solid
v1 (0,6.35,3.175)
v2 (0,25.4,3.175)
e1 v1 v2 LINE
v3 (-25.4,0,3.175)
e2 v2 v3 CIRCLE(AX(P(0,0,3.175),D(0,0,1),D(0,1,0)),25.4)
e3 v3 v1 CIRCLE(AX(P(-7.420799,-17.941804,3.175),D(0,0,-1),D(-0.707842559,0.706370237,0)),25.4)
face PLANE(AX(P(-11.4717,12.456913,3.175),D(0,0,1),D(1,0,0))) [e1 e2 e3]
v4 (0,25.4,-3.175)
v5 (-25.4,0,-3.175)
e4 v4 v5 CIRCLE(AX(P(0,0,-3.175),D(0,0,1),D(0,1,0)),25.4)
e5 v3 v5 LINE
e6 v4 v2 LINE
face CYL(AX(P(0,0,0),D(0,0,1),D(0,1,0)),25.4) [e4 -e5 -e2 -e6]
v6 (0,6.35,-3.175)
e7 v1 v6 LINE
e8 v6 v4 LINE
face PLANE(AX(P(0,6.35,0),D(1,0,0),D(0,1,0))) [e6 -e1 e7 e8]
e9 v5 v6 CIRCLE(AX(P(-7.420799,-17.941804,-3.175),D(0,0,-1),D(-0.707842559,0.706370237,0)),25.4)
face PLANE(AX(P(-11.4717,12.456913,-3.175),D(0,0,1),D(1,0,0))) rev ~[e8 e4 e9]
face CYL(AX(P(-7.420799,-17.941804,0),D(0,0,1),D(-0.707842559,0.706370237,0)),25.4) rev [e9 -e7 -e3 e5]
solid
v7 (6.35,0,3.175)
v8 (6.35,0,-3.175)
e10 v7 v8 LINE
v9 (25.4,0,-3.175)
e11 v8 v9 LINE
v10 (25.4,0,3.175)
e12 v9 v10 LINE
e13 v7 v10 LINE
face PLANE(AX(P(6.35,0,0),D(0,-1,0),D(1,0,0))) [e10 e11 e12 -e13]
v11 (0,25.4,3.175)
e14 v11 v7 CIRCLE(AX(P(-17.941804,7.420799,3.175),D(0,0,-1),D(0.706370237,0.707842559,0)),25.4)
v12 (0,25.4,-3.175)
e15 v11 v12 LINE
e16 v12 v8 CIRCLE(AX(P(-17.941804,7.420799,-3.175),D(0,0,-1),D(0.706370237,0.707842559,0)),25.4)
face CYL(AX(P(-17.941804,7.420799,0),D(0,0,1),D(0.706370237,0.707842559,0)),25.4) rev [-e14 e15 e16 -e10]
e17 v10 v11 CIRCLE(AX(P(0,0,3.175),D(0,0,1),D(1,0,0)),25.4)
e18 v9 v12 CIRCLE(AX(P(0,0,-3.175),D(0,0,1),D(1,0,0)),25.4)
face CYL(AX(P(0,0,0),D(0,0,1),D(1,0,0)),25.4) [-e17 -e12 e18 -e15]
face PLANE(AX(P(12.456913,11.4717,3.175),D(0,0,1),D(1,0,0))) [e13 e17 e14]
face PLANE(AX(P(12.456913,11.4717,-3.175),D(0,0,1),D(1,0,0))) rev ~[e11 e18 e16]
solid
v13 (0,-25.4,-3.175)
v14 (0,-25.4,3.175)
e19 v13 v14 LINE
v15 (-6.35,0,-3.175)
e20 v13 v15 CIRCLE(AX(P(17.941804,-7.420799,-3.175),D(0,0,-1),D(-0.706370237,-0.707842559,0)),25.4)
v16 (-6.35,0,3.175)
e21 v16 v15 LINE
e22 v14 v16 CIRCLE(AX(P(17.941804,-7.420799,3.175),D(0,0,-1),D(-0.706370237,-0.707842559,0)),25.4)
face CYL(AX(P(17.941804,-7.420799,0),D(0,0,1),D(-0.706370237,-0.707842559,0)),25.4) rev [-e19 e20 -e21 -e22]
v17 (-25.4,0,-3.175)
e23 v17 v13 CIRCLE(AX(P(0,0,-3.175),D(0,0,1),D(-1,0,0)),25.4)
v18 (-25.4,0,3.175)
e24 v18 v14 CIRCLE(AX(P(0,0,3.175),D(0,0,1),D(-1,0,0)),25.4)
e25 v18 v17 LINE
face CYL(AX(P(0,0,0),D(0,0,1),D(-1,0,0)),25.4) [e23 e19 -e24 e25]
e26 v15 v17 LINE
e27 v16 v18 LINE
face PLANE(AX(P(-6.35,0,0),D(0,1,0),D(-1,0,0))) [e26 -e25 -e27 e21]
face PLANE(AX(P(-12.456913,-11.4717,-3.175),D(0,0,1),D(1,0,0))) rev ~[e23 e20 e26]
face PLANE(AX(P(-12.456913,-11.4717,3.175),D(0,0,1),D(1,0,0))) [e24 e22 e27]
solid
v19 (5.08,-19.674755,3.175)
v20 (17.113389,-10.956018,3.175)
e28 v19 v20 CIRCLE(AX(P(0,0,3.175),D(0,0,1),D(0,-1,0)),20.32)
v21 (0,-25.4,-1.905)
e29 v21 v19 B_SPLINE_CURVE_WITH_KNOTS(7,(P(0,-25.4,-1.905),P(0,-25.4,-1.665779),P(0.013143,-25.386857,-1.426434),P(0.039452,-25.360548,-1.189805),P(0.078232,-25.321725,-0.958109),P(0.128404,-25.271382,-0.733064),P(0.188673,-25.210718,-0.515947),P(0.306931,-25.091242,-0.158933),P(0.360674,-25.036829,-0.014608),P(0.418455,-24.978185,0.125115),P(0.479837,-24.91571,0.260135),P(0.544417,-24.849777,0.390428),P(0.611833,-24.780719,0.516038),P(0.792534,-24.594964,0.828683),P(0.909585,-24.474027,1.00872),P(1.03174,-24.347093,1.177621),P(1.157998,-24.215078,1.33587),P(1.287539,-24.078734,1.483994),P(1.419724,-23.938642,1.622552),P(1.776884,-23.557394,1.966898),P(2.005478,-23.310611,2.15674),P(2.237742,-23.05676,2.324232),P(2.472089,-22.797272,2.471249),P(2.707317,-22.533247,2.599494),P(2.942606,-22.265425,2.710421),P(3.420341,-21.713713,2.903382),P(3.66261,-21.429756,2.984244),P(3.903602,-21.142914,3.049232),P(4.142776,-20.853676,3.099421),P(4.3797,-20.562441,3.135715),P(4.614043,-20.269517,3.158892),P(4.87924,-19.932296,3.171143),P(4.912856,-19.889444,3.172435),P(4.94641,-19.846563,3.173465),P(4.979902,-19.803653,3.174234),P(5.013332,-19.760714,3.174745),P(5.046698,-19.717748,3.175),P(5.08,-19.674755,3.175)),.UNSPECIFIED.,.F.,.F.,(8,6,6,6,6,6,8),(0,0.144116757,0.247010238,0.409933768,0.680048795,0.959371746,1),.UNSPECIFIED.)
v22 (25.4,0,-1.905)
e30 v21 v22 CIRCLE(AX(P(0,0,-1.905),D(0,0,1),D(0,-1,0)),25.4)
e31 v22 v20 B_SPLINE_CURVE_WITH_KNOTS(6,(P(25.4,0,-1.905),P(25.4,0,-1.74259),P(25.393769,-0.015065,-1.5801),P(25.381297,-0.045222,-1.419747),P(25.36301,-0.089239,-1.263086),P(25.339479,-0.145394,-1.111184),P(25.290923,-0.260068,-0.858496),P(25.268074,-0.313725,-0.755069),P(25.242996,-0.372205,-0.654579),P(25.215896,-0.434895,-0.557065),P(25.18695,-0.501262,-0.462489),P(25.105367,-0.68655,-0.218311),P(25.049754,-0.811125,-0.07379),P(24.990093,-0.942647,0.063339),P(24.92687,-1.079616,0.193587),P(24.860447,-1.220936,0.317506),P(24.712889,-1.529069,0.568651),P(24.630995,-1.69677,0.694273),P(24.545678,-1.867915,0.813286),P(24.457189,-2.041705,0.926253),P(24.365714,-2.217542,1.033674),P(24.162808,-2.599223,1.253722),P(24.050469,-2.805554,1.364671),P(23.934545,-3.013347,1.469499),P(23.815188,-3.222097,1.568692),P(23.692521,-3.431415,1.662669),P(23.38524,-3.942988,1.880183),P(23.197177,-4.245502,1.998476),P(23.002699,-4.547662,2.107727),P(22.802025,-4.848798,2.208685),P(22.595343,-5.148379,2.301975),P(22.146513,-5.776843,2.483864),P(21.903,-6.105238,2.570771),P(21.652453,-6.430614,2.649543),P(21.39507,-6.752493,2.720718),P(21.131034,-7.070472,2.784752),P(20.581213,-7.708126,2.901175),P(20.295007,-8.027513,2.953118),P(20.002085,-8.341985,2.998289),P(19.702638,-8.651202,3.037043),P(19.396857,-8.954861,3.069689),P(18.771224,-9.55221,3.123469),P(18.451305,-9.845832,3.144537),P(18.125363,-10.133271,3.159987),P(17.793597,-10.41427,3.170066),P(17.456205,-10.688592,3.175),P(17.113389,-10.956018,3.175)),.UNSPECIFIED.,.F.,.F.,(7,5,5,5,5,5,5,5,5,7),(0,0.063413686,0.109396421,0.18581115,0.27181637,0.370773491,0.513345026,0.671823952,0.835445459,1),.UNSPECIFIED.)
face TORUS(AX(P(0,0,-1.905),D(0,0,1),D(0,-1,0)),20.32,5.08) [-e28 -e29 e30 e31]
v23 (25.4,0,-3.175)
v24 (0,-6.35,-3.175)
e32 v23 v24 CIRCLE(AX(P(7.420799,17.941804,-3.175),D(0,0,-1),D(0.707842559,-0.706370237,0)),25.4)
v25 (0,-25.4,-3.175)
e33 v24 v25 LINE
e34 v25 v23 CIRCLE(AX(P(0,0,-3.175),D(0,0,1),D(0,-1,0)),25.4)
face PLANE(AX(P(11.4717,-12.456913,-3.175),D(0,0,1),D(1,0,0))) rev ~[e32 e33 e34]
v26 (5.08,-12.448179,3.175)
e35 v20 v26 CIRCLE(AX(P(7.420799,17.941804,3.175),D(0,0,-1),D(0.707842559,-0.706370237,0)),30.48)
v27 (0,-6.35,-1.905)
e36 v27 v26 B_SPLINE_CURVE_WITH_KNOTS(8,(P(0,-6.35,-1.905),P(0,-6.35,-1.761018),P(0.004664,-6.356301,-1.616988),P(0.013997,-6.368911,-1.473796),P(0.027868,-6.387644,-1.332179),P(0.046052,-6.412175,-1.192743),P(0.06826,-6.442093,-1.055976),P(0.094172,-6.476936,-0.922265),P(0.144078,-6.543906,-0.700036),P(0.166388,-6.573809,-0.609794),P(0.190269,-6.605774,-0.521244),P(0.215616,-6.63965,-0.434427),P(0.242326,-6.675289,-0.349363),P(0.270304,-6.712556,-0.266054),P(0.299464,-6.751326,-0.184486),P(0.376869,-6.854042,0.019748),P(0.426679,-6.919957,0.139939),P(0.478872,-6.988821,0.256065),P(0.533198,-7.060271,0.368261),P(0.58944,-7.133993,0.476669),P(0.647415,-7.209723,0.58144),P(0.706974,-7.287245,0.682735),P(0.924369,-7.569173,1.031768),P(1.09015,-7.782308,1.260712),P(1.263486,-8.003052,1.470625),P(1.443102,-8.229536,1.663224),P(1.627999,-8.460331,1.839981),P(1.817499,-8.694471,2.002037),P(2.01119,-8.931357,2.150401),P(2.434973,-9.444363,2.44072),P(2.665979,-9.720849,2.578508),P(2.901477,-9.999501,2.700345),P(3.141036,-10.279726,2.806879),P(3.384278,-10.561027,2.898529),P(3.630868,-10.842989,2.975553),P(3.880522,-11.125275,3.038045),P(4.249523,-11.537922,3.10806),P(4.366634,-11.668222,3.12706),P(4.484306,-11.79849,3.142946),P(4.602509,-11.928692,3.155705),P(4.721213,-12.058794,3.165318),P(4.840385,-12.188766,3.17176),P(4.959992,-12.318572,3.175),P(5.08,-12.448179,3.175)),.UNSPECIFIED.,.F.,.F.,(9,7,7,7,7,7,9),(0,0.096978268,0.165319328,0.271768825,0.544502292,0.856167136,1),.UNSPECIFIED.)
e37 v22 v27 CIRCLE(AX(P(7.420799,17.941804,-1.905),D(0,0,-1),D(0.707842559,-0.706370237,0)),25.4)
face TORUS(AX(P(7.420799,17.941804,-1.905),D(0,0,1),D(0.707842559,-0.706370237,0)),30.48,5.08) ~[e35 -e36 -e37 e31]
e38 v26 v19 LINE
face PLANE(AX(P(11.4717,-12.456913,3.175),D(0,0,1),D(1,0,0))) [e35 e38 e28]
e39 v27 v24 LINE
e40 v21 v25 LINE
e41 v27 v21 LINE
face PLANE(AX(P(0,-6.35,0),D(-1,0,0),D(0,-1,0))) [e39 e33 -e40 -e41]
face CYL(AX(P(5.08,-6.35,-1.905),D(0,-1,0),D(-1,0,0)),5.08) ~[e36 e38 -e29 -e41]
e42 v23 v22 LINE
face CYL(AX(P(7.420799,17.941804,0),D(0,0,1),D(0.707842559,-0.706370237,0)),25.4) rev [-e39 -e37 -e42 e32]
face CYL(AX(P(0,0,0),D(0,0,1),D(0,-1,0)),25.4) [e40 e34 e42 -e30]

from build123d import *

# Parameters (mm, degrees)
F1_DEPTH = 3.175
F2_R     = 5.08


with BuildPart() as f1:
    # F0 (on Top) → F1 (new body, symmetric)
    with BuildSketch(Plane.XY):
        with BuildLine():
            Line((6.35, 0), (25.4, 0))
            ThreePointArc((25.4, 0), (17.9605122421, 17.9605122421), (0, 25.4))
            ThreePointArc((0, 25.4), (6.6998154897, 13.5812038724), (6.35, 0))
        make_face()
    extrude(amount=F1_DEPTH, both=True)


with BuildPart() as f1b:
    # F0 (on Top) → F1, piece 2 (new body, symmetric)
    with BuildSketch(Plane.XY):
        with BuildLine():
            Line((0, 6.35), (0, 25.4))
            ThreePointArc((0, 25.4), (-17.9605122421, 17.9605122421), (-25.4, 0))
            ThreePointArc((-25.4, 0), (-13.5812038724, 6.6998154897), (0, 6.35))
        make_face()
    extrude(amount=F1_DEPTH, both=True)


with BuildPart() as f1c:
    # F0 (on Top) → F1, piece 3 (new body, symmetric)
    with BuildSketch(Plane.XY):
        with BuildLine():
            ThreePointArc((-25.4, 0), (-17.9605122421, -17.9605122421), (0, -25.4))
            ThreePointArc((0, -25.4), (-6.6998154897, -13.5812038724), (-6.35, 0))
            Line((-6.35, 0), (-25.4, 0))
        make_face()
    extrude(amount=F1_DEPTH, both=True)


with BuildPart() as f1d:
    # F0 (on Top) → F1, piece 4 (new body, symmetric)
    with BuildSketch(Plane.XY):
        with BuildLine():
            ThreePointArc((0, -25.4), (17.9605122421, -17.9605122421), (25.4, 0))
            ThreePointArc((25.4, 0), (13.5812038724, -6.6998154897), (0, -6.35))
            Line((0, -6.35), (0, -25.4))
        make_face()
    extrude(amount=F1_DEPTH, both=True)

    # F2
    f2_edges = [f1d.edges().sort_by_distance(p)[0] for p in [
        (0, -15.875, 3.175),
        (17.960512, -17.960512, 3.175),
        (13.581204, -6.699815, 3.175),
    ]]
    fillet(f2_edges, radius=F2_R)


solid = Compound([f1.part, f1b.part, f1c.part, f1d.part])
